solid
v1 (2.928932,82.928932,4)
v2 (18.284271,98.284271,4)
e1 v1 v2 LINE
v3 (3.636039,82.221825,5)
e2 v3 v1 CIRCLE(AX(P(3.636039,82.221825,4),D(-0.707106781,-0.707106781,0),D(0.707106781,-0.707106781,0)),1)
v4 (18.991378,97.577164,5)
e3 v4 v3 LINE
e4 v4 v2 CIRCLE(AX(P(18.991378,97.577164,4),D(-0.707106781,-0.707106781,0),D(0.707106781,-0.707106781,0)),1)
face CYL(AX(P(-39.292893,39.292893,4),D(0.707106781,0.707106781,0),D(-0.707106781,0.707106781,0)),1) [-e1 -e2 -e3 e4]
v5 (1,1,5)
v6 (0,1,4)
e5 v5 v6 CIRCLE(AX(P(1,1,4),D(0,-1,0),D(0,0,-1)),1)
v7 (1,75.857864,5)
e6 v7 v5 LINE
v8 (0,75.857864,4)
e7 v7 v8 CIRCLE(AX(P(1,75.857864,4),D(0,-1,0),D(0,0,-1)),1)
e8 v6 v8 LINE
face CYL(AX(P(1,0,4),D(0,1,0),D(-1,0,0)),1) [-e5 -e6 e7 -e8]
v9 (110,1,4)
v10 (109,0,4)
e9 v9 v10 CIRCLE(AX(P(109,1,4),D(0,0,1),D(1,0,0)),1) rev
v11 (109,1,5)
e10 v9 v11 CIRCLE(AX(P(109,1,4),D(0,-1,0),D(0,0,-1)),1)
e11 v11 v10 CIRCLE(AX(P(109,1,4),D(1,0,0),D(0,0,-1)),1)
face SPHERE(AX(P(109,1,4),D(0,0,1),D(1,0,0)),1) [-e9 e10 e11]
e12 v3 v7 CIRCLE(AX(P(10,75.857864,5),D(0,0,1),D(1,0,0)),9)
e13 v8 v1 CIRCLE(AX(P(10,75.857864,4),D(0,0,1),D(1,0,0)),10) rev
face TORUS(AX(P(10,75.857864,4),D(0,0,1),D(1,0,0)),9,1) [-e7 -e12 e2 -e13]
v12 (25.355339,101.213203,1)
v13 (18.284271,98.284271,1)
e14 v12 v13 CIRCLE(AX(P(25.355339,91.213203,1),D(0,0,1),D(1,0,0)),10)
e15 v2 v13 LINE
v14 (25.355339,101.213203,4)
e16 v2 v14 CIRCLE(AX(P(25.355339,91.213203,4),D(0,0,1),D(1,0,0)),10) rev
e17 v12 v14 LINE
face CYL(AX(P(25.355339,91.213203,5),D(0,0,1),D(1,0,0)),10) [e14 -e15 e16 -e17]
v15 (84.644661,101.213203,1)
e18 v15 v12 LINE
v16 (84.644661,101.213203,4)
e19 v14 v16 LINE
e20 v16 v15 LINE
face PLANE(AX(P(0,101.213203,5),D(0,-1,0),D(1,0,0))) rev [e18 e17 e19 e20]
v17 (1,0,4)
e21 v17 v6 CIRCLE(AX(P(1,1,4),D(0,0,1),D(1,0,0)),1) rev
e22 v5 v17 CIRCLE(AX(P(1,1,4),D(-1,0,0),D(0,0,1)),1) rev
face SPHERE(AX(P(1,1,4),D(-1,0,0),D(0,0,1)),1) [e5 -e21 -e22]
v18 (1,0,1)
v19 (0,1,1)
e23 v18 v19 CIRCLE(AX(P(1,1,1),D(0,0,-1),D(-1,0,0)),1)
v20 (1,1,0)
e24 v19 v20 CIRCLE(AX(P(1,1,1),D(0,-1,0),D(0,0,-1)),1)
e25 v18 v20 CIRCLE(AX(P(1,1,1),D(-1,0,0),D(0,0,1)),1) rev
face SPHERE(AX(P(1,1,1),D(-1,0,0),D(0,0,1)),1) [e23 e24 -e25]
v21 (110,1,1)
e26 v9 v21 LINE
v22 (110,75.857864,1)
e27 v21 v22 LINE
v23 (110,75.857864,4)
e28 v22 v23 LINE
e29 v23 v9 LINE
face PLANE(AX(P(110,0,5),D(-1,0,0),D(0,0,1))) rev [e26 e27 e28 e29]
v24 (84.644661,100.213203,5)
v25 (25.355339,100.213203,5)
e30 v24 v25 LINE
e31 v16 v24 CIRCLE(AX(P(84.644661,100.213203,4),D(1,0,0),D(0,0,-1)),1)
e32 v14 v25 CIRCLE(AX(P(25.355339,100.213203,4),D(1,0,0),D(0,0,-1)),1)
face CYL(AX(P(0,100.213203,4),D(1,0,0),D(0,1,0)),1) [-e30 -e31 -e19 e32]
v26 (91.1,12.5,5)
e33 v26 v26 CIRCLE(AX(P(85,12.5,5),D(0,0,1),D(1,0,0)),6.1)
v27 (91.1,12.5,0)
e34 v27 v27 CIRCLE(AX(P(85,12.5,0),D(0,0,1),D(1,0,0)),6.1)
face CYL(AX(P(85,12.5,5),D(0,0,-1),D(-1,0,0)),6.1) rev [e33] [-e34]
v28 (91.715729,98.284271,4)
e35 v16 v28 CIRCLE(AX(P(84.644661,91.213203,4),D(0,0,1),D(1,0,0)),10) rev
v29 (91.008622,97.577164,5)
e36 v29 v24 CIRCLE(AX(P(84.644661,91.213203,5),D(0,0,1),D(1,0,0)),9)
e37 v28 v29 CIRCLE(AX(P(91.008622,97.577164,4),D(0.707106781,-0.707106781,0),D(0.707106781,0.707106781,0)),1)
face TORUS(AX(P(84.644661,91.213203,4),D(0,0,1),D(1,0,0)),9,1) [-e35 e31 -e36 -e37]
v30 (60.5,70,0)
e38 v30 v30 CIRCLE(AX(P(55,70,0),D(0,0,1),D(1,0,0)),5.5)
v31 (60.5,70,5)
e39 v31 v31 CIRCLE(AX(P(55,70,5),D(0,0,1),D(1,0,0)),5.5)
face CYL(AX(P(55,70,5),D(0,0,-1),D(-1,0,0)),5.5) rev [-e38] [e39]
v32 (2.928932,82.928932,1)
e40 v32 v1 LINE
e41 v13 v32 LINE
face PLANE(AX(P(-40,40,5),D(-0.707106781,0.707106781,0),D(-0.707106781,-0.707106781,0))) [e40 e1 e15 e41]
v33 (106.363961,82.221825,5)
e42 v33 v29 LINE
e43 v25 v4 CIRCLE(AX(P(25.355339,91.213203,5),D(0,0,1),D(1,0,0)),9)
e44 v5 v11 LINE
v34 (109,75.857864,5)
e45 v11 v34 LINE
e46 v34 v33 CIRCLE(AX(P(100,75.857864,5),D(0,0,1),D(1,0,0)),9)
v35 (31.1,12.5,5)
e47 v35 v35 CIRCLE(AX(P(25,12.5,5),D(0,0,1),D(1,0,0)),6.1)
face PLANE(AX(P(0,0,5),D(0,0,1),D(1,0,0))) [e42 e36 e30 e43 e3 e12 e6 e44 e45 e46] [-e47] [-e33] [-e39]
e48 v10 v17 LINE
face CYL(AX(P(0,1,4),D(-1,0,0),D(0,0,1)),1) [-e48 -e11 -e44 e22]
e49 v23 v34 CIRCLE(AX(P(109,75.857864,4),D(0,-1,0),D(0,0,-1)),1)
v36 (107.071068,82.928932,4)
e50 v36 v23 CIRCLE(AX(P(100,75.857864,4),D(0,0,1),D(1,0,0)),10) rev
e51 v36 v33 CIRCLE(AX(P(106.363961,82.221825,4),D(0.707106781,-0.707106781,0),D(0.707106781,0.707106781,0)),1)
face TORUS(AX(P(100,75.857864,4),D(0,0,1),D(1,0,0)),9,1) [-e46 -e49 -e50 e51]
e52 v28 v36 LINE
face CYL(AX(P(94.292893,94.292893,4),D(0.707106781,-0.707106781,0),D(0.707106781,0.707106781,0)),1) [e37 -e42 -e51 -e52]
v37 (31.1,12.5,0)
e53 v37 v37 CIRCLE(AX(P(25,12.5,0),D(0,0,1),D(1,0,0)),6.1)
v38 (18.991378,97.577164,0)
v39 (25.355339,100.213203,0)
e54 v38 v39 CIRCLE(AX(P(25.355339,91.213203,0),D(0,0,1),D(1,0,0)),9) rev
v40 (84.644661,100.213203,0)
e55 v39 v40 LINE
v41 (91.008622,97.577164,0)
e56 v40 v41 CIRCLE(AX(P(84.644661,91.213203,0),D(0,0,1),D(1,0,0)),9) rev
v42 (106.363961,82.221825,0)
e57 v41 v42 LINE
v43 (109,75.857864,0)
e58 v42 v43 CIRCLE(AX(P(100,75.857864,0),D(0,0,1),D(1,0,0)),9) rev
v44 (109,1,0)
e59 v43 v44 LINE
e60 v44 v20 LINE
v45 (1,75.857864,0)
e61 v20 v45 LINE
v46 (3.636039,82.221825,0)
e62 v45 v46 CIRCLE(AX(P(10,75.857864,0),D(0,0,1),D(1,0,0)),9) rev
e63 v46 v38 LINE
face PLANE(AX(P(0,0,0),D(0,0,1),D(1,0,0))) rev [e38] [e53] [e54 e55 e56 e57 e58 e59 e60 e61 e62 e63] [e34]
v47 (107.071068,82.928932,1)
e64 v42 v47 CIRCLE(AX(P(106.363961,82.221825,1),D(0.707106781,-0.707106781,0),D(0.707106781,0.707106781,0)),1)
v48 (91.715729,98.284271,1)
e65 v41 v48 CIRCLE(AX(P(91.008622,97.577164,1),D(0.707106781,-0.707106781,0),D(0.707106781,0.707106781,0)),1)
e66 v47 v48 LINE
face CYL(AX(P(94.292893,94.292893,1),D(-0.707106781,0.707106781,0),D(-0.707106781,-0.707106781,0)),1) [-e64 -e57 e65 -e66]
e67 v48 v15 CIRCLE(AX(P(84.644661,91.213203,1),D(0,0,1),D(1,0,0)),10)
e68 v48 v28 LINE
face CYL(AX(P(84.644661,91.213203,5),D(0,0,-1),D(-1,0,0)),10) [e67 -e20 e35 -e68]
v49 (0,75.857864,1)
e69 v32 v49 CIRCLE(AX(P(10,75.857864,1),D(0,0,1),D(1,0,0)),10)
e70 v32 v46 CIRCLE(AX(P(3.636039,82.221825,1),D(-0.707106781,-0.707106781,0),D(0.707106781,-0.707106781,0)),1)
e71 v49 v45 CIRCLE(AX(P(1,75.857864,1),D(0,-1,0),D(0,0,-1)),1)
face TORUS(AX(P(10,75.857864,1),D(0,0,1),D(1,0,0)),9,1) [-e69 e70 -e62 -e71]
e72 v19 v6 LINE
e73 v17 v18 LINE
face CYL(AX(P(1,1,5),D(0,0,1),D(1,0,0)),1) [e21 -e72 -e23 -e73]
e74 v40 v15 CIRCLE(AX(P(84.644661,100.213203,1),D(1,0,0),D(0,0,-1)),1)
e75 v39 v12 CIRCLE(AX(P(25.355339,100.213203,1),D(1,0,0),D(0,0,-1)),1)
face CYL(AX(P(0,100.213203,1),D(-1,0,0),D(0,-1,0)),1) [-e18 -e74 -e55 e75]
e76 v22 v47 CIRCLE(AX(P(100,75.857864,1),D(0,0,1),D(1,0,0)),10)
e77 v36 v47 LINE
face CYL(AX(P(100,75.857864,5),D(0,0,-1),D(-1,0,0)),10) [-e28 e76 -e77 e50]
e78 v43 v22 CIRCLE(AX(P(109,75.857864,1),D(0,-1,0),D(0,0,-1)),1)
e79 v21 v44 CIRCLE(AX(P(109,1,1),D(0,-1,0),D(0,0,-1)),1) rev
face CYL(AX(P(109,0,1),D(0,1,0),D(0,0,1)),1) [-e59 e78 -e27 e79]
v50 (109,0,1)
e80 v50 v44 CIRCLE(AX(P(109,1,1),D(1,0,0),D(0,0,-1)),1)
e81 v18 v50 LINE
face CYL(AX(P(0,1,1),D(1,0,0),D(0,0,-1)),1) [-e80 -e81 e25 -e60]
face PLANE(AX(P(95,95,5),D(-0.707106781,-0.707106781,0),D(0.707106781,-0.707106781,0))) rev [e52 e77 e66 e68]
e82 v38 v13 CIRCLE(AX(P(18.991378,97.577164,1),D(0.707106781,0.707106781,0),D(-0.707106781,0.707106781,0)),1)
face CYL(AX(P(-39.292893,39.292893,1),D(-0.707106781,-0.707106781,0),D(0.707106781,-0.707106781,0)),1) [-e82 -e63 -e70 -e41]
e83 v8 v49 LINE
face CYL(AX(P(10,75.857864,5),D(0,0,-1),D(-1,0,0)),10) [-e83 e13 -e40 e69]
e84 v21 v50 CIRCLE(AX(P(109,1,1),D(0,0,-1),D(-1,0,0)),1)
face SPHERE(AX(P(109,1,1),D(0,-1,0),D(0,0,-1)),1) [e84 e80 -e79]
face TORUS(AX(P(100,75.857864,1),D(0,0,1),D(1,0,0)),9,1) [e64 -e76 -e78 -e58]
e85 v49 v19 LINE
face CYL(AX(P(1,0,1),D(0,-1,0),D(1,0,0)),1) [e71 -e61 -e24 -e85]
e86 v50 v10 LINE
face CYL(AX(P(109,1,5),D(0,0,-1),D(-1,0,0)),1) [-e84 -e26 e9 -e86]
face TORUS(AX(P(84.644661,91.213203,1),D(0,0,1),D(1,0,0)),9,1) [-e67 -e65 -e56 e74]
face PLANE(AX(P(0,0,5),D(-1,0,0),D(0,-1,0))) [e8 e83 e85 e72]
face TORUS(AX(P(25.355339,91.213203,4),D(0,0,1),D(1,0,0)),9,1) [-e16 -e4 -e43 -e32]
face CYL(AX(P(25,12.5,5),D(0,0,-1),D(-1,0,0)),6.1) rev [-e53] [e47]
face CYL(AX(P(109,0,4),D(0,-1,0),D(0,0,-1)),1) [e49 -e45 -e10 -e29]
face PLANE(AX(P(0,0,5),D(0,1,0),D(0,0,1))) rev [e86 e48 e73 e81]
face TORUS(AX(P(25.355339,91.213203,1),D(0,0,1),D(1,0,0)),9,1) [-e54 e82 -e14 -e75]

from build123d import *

# Parameters (mm, degrees)
SKETCH1_R           = 6.1
SKETCH1_R_2         = 5.5
BOSS_EXTRUDE1_DEPTH = 5
FILLET1_R           = 10
FILLET2_R           = 1


with BuildPart() as part:
    # Sketch1 → Boss-Extrude1 (new body)
    with BuildSketch(Plane.XY):
        Polygon((0, 0), (110, 0), (110, 80), (88.786796564, 101.213203436), (21.213203436, 101.213203436), (0, 80), align=None)
        with Locations((25, 12.5)):
            Circle(SKETCH1_R, mode=Mode.SUBTRACT)
        with Locations((85, 12.5)):
            Circle(SKETCH1_R, mode=Mode.SUBTRACT)
        with Locations((55, 70)):
            Circle(SKETCH1_R_2, mode=Mode.SUBTRACT)
    extrude(amount=BOSS_EXTRUDE1_DEPTH)

    # Fillet1
    fillet1_edges = [part.edges().sort_by_distance(p)[0] for p in [
        (110, 80, 2.5),
        (0, 80, 2.5),
        (21.213203436, 101.213203436, 2.5),
        (88.786796564, 101.213203436, 2.5),
    ]]
    fillet(fillet1_edges, radius=FILLET1_R)

    # Fillet2
    fillet2_edges = [part.edges().sort_by_distance(p)[0] for p in [
        (110, 37.928932188, 0),
        (55, 0, 0),
        (0, 37.928932188, 0),
        (110, 0, 2.5),
        (0, 0, 2.5),
        (0, 37.928932188, 5),
        (55, 0, 5),
        (99.393398282, 90.606601718, 0),
        (99.393398282, 90.606601718, 5),
        (10.606601718, 90.606601718, 0),
        (55, 101.213203436, 0),
        (21.528504736, 100.451998761, 0),
        (110, 37.928932188, 5),
        (0.761204675, 79.6846987, 0),
        (88.471495264, 100.451998761, 0),
        (109.238795325, 79.6846987, 0),
        (55, 101.213203436, 5),
        (10.606601718, 90.606601718, 5),
        (21.528504736, 100.451998761, 5),
        (0.761204675, 79.6846987, 5),
        (88.471495264, 100.451998761, 5),
        (109.238795325, 79.6846987, 5),
    ]]
    fillet(fillet2_edges, radius=FILLET2_R)


solid = part.part
